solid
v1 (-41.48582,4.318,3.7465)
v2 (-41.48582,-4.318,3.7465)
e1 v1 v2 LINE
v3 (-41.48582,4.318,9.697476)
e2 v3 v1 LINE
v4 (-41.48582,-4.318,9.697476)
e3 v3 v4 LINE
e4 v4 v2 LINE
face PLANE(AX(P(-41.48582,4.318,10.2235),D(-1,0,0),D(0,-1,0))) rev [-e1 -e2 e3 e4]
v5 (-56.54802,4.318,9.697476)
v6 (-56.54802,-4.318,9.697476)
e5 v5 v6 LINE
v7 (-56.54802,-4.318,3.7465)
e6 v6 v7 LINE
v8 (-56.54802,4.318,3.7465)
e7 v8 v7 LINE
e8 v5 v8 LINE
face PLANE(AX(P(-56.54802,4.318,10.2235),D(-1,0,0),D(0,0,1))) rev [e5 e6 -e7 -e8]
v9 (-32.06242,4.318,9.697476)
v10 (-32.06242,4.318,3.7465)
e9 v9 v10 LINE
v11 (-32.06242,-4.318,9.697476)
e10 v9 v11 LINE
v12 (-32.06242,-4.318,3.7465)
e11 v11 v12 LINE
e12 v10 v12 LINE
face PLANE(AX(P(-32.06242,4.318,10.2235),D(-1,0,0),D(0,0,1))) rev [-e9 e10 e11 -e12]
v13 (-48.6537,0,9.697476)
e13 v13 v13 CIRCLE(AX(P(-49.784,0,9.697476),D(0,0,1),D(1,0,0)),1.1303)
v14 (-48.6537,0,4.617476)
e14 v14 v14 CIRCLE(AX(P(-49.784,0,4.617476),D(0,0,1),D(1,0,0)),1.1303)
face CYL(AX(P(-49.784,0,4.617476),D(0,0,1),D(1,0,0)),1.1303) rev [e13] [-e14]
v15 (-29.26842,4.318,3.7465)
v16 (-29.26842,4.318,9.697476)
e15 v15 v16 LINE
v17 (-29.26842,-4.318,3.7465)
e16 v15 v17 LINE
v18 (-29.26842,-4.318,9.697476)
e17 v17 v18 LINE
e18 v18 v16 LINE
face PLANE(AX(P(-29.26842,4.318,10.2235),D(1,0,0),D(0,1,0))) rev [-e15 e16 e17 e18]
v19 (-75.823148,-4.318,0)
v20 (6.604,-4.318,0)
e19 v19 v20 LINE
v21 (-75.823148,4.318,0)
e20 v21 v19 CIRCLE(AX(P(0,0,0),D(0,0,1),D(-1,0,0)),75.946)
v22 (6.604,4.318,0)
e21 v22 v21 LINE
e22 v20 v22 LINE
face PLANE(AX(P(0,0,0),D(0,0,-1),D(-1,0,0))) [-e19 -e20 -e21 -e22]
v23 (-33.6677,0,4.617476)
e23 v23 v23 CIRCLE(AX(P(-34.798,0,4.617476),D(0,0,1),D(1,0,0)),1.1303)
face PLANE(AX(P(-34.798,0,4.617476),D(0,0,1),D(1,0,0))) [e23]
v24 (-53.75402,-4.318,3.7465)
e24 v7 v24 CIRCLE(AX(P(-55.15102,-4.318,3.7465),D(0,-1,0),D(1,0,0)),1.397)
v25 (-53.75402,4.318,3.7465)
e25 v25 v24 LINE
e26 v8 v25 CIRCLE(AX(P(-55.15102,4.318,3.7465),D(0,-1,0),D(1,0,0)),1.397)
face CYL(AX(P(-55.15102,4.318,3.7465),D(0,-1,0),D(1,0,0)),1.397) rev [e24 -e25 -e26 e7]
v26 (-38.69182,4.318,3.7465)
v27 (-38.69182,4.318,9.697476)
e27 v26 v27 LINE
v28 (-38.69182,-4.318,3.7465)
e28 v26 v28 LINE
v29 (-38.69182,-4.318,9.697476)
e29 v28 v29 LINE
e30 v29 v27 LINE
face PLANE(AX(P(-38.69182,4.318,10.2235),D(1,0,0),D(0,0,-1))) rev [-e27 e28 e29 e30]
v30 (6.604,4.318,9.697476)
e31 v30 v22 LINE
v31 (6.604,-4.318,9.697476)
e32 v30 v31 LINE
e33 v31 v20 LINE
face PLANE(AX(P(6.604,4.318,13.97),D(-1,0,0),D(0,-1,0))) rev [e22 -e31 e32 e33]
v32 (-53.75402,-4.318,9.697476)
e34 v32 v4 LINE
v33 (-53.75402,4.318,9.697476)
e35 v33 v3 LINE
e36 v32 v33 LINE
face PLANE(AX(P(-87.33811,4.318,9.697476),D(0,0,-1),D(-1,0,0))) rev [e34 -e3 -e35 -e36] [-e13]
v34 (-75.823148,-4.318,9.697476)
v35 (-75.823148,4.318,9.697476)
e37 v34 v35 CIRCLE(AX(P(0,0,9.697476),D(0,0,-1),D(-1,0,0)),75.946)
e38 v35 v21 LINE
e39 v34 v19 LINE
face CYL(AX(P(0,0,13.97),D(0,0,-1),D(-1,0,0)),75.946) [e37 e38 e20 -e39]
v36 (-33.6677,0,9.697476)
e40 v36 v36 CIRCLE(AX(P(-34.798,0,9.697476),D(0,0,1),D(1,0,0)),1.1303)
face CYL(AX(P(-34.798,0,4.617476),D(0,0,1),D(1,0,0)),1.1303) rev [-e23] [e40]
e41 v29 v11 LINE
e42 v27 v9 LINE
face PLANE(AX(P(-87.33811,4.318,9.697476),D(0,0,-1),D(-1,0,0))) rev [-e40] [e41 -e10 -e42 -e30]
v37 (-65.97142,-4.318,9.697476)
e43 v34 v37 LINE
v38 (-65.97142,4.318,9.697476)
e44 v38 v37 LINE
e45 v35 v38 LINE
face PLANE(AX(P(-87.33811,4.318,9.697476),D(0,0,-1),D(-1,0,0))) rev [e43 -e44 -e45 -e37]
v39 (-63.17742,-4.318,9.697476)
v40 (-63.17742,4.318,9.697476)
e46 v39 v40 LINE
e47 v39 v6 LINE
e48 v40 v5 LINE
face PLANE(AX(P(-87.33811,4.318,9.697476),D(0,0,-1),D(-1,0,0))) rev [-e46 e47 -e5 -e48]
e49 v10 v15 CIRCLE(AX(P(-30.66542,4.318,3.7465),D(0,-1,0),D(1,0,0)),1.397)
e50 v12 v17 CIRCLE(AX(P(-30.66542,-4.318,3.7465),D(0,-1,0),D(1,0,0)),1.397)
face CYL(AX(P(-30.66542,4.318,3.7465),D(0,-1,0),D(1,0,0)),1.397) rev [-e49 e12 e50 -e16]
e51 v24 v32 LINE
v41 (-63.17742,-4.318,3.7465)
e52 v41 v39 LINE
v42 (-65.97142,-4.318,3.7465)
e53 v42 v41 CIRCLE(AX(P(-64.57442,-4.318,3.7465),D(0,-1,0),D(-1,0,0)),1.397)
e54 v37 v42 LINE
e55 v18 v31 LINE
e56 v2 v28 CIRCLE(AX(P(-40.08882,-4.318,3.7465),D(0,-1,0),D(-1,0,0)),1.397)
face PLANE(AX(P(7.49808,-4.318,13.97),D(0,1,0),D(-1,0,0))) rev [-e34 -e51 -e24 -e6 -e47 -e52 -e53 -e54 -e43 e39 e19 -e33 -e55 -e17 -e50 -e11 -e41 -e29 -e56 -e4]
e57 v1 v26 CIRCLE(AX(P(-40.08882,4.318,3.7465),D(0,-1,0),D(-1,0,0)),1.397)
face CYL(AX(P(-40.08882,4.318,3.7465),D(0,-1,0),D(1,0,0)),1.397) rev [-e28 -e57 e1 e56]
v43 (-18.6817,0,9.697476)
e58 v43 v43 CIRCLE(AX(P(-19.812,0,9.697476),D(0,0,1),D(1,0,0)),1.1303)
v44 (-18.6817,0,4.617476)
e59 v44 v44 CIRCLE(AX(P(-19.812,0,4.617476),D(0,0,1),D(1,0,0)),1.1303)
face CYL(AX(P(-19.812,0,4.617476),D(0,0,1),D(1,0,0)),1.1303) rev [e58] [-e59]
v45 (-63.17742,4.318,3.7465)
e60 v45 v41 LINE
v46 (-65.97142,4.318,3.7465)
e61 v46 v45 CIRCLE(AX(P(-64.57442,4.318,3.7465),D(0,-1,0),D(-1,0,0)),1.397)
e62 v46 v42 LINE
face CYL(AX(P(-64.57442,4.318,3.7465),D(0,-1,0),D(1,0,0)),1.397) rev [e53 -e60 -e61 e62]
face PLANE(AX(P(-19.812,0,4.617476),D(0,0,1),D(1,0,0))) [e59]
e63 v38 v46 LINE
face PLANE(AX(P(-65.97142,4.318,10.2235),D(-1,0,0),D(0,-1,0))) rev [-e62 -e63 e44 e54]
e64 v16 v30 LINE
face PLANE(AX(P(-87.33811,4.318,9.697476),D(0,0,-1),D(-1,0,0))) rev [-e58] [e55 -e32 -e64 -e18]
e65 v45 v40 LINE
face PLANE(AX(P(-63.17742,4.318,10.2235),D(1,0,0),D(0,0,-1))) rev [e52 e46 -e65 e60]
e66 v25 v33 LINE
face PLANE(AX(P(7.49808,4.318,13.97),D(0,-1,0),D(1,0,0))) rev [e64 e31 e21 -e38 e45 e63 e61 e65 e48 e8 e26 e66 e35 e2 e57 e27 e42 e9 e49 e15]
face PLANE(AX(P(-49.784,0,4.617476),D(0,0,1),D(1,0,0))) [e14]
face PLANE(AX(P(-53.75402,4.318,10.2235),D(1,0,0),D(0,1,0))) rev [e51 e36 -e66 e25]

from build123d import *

# Parameters (mm, degrees)
BOSS_EXTRUDE2_DEPTH = 13.97
CUT_EXTRUDE1_DEPTH  = 9.636
SKETCH4_W           = 0.89408
SKETCH4_H           = 14.808934263
CUT_EXTRUDE2_DEPTH  = 9.636
SKETCH5_W           = 110.36886563
SKETCH5_H           = 6.670389245
CUT_EXTRUDE3_DEPTH  = 9.636
SKETCH6_R           = 1.1303
CUT_EXTRUDE4_DEPTH  = 5.08


with BuildPart() as part:
    # Sketch2 → Boss-Extrude2 (new body)
    with BuildSketch(Plane.XY):
        with BuildLine():
            Line((7.49808, 4.318), (-75.823148128, 4.318))
            ThreePointArc((-75.823148128, 4.318), (-75.946, 0), (-75.823148128, -4.318))
            Line((-75.823148128, -4.318), (7.49808, -4.318))
            Line((7.49808, -4.318), (7.49808, 4.318))
        make_face()
    extrude(amount=BOSS_EXTRUDE2_DEPTH)

    # Sketch3 → Cut-Extrude1 (cut, through all)
    with BuildSketch(Plane(origin=(0, -4.318, 0), x_dir=(-1, 0, 0), z_dir=(0, -1, 0))):
        with BuildLine():
            Line((63.17742, -10.2235), (63.17742, -3.7465))
            ThreePointArc((63.17742, -3.7465), (64.57442, -2.3495), (65.97142, -3.7465))
            Line((65.97142, -3.7465), (65.97142, -10.2235))
            ThreePointArc((65.97142, -10.2235), (64.57442, -11.6205), (63.17742, -10.2235))
        make_face()
        with BuildLine():
            Line((29.26842, -10.2235), (29.26842, -3.7465))
            ThreePointArc((29.26842, -3.7465), (30.66542, -2.3495), (32.06242, -3.7465))
            Line((32.06242, -3.7465), (32.06242, -10.2235))
            ThreePointArc((32.06242, -10.2235), (30.66542, -11.6205), (29.26842, -10.2235))
        make_face()
        with BuildLine():
            Line((38.69182, -10.2235), (38.69182, -3.7465))
            ThreePointArc((38.69182, -3.7465), (40.08882, -2.3495), (41.48582, -3.7465))
            Line((41.48582, -3.7465), (41.48582, -10.2235))
            ThreePointArc((41.48582, -10.2235), (40.08882, -11.6205), (38.69182, -10.2235))
        make_face()
        with BuildLine():
            Line((53.75402, -10.2235), (53.75402, -3.7465))
            ThreePointArc((53.75402, -3.7465), (55.15102, -2.3495), (56.54802, -3.7465))
            Line((56.54802, -3.7465), (56.54802, -10.2235))
            ThreePointArc((56.54802, -10.2235), (55.15102, -11.6205), (53.75402, -10.2235))
        make_face()
    extrude(amount=-CUT_EXTRUDE1_DEPTH, mode=Mode.SUBTRACT)

    # Sketch4 → Cut-Extrude2 (cut, through all)
    with BuildSketch(Plane.XZ.offset(4.318)):
        with Locations((7.05104, 6.565532869)):
            Rectangle(SKETCH4_W, SKETCH4_H)
    extrude(amount=-CUT_EXTRUDE2_DEPTH, mode=Mode.SUBTRACT)

    # Sketch5 → Cut-Extrude3 (cut, through all)
    with BuildSketch(Plane.XZ.offset(4.318)):
        with Locations((-32.153676927, 13.032670326)):
            Rectangle(SKETCH5_W, SKETCH5_H)
    extrude(amount=-CUT_EXTRUDE3_DEPTH, mode=Mode.SUBTRACT)

    # Sketch6 → Cut-Extrude4 (cut)
    with BuildSketch(Plane.XY.offset(9.697475704)):
        with Locations((-49.784, 0)):
            Circle(SKETCH6_R)
        with Locations((-34.798, 0)):
            Circle(SKETCH6_R)
        with Locations((-19.812, 0)):
            Circle(SKETCH6_R)
    extrude(amount=-CUT_EXTRUDE4_DEPTH, mode=Mode.SUBTRACT)


solid = part.part
